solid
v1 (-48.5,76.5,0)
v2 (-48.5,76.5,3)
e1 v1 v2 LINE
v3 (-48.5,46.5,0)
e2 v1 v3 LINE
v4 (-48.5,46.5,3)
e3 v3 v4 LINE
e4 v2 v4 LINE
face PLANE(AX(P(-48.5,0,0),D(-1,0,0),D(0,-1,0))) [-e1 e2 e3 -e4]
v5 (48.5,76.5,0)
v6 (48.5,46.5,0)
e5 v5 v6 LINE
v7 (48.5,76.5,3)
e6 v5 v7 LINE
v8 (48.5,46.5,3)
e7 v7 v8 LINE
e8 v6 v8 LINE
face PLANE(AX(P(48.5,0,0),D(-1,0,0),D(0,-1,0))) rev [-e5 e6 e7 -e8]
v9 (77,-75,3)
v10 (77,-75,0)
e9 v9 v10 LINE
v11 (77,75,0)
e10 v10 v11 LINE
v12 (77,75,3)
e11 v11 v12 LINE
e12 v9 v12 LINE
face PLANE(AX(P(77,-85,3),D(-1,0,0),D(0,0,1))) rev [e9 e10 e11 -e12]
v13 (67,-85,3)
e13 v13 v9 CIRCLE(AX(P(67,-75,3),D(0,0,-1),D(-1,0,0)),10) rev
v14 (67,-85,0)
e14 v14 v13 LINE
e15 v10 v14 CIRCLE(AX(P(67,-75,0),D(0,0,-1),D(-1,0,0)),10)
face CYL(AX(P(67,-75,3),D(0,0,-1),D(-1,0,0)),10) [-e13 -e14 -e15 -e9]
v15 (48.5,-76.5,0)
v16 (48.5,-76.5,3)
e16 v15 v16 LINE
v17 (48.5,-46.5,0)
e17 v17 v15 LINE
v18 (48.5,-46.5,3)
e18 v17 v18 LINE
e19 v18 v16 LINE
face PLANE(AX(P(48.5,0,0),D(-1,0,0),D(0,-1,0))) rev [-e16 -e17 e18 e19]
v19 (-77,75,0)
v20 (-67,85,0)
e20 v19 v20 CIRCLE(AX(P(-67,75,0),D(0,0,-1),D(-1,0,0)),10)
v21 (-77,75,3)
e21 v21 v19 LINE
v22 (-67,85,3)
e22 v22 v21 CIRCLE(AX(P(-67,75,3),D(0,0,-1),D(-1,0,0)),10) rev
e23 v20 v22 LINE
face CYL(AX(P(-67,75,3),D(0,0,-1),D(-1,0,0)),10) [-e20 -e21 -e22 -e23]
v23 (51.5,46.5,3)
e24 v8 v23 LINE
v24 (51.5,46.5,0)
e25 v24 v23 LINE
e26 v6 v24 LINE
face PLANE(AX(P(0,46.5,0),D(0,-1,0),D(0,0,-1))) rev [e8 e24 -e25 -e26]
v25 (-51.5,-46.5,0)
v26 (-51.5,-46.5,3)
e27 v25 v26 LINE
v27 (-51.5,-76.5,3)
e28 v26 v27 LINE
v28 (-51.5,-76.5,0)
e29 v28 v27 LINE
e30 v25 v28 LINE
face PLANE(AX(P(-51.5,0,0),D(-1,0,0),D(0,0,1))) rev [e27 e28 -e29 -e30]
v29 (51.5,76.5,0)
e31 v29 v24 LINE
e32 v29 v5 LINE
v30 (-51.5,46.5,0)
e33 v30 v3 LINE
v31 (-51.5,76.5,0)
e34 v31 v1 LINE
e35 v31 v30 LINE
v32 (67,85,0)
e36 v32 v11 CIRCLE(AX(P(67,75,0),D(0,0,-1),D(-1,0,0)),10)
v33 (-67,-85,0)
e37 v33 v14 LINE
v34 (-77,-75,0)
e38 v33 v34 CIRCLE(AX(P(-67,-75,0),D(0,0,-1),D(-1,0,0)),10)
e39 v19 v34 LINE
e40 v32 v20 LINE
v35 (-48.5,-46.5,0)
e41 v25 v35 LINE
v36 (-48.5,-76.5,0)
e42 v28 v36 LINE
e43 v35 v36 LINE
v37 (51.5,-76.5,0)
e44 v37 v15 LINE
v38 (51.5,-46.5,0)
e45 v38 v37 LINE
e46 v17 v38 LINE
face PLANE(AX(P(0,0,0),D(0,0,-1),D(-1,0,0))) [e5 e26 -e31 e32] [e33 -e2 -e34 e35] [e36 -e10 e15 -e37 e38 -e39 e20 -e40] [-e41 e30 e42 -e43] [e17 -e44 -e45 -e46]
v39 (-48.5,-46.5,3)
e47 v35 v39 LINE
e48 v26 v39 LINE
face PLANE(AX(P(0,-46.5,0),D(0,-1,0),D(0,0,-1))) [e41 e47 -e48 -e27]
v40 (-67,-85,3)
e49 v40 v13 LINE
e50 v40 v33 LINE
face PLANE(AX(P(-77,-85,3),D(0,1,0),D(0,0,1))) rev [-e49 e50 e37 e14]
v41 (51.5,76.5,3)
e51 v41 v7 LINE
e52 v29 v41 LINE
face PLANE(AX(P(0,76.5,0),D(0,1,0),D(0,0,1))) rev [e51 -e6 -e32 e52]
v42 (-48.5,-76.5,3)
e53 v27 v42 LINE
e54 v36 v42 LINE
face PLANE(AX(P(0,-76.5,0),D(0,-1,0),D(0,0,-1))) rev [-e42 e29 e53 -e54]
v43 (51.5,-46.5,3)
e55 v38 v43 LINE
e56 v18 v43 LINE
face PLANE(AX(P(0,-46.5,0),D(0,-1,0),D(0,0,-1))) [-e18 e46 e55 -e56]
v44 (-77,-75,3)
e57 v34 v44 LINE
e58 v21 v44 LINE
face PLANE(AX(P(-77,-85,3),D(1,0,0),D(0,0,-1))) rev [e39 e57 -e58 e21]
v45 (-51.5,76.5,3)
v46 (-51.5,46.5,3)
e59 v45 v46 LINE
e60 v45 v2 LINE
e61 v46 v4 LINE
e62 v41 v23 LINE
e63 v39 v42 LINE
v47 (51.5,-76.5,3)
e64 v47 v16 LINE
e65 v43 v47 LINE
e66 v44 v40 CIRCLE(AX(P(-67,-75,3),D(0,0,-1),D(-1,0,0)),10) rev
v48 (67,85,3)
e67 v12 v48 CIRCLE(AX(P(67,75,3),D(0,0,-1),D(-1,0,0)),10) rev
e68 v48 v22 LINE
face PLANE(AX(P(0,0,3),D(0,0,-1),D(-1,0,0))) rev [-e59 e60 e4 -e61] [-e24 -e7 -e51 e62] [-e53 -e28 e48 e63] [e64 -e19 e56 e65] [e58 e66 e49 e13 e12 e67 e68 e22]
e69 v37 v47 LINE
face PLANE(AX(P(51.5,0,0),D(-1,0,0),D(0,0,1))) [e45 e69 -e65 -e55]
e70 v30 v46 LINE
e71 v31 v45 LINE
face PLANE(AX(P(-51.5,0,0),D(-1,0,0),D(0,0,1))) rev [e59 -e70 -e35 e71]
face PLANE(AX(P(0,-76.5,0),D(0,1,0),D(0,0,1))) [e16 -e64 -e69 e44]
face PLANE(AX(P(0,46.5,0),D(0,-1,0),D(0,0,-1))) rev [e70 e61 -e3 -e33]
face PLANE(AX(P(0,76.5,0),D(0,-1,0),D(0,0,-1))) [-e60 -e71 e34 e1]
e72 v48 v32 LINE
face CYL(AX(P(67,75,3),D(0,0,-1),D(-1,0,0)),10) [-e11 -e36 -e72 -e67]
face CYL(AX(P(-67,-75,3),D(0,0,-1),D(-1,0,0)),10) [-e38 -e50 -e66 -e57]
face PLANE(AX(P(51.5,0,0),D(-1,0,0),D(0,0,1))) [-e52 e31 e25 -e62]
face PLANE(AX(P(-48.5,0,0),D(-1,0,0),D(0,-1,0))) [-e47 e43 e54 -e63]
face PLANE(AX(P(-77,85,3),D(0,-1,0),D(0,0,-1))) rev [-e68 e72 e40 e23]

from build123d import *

# Parameters (mm, degrees)
ESBO_O1_W                = 154
ESBO_O1_H                = 170
RESSALTO_EXTRUS_O1_DEPTH = 3
FILETE1_R                = 10
ESBO_O2_W                = 3
ESBO_O2_H                = 30
CORTE_EXTRUS_O1_DEPTH    = 115.730118103


with BuildPart() as part:
    # Esboço1 → Ressalto-extrusão1 (new body)
    with BuildSketch(Plane.XY):
        Rectangle(ESBO_O1_W, ESBO_O1_H)
    extrude(amount=RESSALTO_EXTRUS_O1_DEPTH)

    # Filete1
    filete1_edges = [part.edges().sort_by_distance(p)[0] for p in [
        (77, -85, 1.5),
        (-77, -85, 1.5),
        (-77, 85, 1.5),
        (77, 85, 1.5),
    ]]
    fillet(filete1_edges, radius=FILETE1_R)

    # Esboço2 → Corte-extrusão1 (cut, through all)
    with BuildSketch(Plane.XY.offset(3)):
        with Locations((-50, 61.5)):
            Rectangle(ESBO_O2_W, ESBO_O2_H)
        with Locations((50, 61.5)):
            Rectangle(ESBO_O2_W, ESBO_O2_H)
        with Locations((50, -61.5)):
            Rectangle(ESBO_O2_W, ESBO_O2_H)
        with Locations((-50, -61.5)):
            Rectangle(ESBO_O2_W, ESBO_O2_H)
    extrude(amount=-CORTE_EXTRUS_O1_DEPTH, mode=Mode.SUBTRACT)


solid = part.part
